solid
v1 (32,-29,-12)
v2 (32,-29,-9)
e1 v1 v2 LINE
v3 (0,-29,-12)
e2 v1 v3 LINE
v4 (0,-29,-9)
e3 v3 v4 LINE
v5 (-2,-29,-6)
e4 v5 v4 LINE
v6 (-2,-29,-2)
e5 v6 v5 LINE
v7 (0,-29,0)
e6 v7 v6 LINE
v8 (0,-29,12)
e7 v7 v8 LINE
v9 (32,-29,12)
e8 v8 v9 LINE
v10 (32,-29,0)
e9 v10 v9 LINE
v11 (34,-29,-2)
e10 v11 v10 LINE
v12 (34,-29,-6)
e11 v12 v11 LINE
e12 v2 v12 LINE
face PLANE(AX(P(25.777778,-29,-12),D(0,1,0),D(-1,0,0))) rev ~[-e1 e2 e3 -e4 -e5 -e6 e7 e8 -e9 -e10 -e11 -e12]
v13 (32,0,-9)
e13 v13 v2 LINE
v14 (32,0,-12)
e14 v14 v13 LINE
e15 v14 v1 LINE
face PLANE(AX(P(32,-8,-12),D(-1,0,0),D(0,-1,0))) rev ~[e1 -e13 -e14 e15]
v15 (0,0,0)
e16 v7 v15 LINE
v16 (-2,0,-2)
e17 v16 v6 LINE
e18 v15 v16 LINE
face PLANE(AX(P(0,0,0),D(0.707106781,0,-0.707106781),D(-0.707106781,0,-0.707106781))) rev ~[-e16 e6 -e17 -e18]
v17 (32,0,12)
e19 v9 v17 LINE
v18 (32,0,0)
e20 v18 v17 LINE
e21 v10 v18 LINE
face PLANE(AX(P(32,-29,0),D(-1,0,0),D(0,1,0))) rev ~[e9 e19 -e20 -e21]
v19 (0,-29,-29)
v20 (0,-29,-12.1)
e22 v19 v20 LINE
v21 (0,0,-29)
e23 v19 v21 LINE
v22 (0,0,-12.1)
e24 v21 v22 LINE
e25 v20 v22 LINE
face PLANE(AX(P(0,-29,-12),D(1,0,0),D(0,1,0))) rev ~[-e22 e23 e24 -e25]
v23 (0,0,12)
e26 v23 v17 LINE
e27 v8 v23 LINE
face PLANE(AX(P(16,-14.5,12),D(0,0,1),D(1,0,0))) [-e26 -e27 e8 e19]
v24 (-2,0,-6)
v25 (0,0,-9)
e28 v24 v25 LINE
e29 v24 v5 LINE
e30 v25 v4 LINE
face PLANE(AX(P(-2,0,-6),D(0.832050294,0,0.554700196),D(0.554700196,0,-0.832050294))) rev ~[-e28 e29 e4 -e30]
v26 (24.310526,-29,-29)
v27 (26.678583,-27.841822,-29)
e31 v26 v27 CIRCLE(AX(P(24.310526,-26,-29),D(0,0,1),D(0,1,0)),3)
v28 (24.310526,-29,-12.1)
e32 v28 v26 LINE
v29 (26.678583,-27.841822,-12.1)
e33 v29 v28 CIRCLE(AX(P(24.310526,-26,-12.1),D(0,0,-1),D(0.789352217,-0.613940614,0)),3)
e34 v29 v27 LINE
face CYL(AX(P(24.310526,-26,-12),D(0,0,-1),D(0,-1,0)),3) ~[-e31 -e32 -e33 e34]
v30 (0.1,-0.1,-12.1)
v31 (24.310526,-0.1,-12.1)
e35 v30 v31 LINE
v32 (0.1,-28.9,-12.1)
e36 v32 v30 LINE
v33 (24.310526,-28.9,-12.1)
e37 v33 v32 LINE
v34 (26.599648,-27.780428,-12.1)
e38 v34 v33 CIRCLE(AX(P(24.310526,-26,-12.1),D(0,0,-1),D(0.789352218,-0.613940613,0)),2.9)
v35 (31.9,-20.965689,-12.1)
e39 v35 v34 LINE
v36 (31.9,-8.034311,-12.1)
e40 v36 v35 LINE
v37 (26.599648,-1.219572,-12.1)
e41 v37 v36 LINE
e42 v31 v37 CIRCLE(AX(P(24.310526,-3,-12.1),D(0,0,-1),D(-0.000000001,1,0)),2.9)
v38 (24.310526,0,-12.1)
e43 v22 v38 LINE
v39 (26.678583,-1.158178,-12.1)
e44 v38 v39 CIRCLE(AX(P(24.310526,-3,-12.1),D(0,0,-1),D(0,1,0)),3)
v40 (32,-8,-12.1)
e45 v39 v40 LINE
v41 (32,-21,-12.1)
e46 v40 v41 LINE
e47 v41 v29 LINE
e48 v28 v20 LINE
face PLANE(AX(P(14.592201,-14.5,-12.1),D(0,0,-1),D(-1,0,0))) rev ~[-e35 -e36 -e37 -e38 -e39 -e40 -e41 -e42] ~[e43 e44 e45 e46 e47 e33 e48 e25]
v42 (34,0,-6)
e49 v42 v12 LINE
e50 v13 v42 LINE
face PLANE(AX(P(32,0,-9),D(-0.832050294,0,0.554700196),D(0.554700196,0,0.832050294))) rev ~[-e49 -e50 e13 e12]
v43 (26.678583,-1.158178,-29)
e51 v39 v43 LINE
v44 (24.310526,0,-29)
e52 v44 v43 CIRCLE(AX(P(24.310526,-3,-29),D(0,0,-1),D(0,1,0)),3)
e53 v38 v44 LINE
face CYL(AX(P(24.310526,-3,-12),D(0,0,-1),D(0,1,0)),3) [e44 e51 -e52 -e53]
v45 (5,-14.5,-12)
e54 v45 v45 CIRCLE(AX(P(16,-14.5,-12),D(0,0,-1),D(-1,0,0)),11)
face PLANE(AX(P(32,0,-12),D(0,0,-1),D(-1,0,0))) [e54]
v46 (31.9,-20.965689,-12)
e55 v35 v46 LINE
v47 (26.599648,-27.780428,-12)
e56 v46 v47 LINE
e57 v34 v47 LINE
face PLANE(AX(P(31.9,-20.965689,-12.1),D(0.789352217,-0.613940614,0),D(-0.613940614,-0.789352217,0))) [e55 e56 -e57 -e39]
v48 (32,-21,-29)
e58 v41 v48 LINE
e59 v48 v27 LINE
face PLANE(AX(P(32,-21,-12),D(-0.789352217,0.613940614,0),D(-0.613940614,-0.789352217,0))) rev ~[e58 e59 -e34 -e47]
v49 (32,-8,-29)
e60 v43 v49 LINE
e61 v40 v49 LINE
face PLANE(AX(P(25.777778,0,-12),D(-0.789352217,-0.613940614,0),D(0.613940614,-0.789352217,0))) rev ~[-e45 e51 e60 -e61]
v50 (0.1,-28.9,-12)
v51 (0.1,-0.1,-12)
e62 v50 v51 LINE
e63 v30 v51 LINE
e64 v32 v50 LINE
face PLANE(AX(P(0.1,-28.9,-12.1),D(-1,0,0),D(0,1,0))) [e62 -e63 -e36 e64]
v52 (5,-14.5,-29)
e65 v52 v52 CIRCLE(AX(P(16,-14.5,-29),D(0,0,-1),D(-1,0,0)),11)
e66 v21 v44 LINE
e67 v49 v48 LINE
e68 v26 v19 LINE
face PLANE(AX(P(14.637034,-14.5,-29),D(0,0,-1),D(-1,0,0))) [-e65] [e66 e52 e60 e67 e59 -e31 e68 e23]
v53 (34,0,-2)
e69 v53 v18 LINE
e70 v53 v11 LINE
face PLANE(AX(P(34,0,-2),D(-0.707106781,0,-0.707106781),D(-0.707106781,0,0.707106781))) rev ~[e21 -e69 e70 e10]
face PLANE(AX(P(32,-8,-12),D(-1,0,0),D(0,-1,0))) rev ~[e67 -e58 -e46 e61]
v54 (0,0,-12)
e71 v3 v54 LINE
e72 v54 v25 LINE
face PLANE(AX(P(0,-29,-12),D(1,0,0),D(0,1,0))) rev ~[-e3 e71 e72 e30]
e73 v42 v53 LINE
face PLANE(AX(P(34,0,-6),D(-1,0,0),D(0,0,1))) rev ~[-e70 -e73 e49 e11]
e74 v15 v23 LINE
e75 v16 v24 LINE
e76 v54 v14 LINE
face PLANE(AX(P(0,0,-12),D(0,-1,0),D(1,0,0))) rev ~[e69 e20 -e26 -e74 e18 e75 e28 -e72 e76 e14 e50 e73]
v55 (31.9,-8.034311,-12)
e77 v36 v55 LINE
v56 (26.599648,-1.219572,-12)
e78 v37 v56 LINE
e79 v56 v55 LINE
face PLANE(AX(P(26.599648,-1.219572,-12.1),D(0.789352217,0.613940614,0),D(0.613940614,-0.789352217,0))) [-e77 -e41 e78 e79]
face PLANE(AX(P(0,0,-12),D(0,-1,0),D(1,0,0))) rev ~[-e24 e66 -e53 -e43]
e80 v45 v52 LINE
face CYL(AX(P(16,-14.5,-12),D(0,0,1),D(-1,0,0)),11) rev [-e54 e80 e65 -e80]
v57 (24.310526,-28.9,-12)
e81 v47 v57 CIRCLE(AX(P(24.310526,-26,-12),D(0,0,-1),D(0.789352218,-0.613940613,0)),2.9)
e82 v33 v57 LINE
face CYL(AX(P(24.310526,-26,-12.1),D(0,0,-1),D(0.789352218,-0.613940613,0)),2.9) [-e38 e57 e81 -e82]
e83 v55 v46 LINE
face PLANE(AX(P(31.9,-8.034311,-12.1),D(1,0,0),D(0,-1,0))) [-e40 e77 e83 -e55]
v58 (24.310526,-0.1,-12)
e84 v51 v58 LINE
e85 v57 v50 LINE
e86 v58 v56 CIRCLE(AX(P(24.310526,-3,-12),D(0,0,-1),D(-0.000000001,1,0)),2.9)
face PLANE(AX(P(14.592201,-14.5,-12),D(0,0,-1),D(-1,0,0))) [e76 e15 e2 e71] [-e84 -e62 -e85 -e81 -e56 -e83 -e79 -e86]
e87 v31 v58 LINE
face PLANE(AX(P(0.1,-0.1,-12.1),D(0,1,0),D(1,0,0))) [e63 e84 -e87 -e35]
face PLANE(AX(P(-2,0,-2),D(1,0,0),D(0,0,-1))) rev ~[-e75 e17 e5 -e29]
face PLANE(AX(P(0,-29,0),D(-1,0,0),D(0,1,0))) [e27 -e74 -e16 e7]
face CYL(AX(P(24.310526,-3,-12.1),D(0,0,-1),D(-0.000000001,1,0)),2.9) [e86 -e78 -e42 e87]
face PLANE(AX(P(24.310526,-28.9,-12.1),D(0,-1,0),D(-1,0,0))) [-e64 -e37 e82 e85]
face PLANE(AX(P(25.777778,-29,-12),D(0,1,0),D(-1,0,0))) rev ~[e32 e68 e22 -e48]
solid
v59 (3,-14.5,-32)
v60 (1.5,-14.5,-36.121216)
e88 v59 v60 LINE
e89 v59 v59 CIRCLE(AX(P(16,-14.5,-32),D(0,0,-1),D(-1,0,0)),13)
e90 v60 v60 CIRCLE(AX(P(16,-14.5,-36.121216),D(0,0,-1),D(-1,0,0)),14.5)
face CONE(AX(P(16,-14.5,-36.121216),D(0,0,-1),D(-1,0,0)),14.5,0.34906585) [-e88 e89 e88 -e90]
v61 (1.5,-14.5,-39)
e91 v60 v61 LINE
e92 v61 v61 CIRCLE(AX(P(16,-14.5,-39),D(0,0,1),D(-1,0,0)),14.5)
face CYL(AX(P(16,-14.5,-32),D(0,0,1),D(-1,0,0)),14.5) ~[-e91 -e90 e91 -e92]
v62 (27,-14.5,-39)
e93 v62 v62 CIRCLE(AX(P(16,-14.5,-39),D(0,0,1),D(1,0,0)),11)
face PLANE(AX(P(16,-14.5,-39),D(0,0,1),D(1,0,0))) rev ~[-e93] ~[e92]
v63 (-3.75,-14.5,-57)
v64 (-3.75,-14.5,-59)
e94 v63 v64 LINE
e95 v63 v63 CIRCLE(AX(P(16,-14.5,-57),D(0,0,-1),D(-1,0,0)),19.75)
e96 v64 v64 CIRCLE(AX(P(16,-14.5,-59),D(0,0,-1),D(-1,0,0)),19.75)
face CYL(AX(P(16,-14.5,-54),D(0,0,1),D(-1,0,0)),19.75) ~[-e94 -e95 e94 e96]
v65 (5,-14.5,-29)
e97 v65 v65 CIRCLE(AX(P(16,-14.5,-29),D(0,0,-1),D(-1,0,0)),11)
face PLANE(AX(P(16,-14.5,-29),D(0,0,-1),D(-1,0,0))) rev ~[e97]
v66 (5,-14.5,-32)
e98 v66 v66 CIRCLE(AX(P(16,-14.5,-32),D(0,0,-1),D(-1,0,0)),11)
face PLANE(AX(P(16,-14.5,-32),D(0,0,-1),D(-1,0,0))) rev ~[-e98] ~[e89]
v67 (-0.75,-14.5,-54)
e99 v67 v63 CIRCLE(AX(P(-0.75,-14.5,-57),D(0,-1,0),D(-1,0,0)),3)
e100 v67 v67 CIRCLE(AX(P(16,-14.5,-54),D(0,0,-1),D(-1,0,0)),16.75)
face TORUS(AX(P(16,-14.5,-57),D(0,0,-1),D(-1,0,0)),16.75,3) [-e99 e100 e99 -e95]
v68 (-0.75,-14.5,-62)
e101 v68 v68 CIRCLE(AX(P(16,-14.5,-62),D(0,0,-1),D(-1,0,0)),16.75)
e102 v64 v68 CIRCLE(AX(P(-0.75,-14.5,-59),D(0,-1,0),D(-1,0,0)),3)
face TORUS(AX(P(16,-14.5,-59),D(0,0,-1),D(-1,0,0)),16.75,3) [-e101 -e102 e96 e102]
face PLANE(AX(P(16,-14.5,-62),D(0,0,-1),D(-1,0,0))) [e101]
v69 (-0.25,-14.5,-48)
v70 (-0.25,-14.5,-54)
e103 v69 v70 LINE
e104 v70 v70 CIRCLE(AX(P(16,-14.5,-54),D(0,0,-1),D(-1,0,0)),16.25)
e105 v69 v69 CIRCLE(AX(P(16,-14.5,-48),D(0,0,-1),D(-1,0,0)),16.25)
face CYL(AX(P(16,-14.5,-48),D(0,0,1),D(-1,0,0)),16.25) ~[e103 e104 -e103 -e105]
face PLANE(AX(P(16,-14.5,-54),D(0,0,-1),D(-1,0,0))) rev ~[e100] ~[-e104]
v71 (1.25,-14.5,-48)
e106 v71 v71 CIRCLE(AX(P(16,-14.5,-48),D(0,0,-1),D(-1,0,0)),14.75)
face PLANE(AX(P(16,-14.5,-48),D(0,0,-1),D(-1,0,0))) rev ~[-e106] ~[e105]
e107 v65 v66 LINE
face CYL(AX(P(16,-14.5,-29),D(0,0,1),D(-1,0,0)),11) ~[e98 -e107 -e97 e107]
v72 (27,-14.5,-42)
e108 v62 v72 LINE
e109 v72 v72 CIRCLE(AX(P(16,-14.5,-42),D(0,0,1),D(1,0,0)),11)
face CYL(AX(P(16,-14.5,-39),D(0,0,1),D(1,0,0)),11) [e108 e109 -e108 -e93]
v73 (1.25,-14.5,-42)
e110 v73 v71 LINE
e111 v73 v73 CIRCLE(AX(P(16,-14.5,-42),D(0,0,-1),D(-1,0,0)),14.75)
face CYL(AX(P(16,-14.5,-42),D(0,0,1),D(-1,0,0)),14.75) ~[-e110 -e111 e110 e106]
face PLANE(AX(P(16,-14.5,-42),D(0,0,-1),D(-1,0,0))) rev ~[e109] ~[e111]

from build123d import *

# Parameters (mm, degrees)
SKETCH_1_W          = 32
SKETCH_1_H          = 29
EXTRUDE_1_DEPTH     = 12
EXTRUDE_2_DEPTH     = 29
SKETCH_3_R          = 11
EXTRUDE_3_DEPTH     = 17
SKETCH_4_R          = 11
EXTRUDE_4_DEPTH     = 3
SKETCH_5_R          = 14.5
EXTRUDE_6_DEPTH     = 10
SKETCH_6_R          = 14.75
EXTRUDE_7_DEPTH     = 6
SKETCH_7_R          = 16.25
EXTRUDE_8_DEPTH     = 6
SKETCH_8_R          = 19.75
EXTRUDE_9_DEPTH     = 8
CUT_EXTRUDE_START   = 3
SKETCH_9_R          = 22.553802592
SKETCH_9_R_2        = 11
CUT_EXTRUDE_1_DEPTH = 3
CHAMFER_1_SIZE      = 1.5
CHAMFER_1_SIZE2     = 4.121216129
FILLET_1_R          = 3
FILLET_2_R          = 3
CUT_EXTRUDE_START_2 = 0.1
CUT_EXTRUDE_2_DEPTH = 0.1


with BuildPart() as part:
    # 草图1 → 凸台-拉伸1 (new body)
    with BuildSketch(Plane.XY):
        with Locations((16, -14.5)):
            Rectangle(SKETCH_1_W, SKETCH_1_H)
    extrude(amount=EXTRUDE_1_DEPTH)

    # 草图2 → 凸台-拉伸2 (add)
    with BuildSketch(Plane(origin=(0, 0, 0), x_dir=(1, 0, 0), z_dir=(0, 1, 0))):
        Polygon((0, 0), (-2, 2), (-2, 6), (0, 9), (0, 12), (29.3, 12), (32, 12), (32, 9), (34, 6), (34, 2), (32, 0), align=None)
    extrude(amount=-EXTRUDE_2_DEPTH)

    # 草图3 → 凸台-拉伸3 (add)
    with BuildSketch(Plane(origin=(0, 0, -12), x_dir=(-1, 0, 0), z_dir=(0, 0, -1))):
        Polygon((0, 0), (-25.777777778, 0), (-32, -8), (-32, -21), (-25.777777778, -29), (0, -29), align=None)
        with Locations((-16, -14.5)):
            Circle(SKETCH_3_R, mode=Mode.SUBTRACT)
    extrude(amount=EXTRUDE_3_DEPTH)

    # 圆角2
    fillet_2_edges = [part.edges().sort_by_distance(p)[0] for p in [
        (25.777777778, 0, -20.5),
        (25.777777778, -29, -20.5),
    ]]
    fillet(fillet_2_edges, radius=FILLET_2_R)

    # 草图10 → 切除-拉伸2 (cut)
    with BuildSketch(Plane(origin=(0, 0, -12), x_dir=(-1, 0, 0), z_dir=(0, 0, -1)).offset(CUT_EXTRUDE_START_2)):
        with BuildLine():
            Line((-32, -8), (-32, -21))
            Line((-32, -21), (-26.678583013, -27.841821841))
            ThreePointArc((-26.678583013, -27.841821841), (-25.628580699, -28.694945781), (-24.310526361, -29))
            Line((-24.310526361, -29), (0, -29))
            Line((0, -29), (0, 0))
            Line((0, 0), (-24.310526361, 0))
            ThreePointArc((-24.310526361, 0), (-25.628580699, -0.305054219), (-26.678583013, -1.158178159))
            Line((-26.678583013, -1.158178159), (-32, -8))
        make_face()
        with BuildLine():
            Line((-31.9, -8.034310775), (-31.9, -20.965689225))
            Line((-31.9, -20.965689225), (-26.599647791, -27.780427779))
            ThreePointArc((-26.599647791, -27.780427779), (-25.584645555, -28.605114255), (-24.310526361, -28.9))
            Line((-24.310526361, -28.9), (-0.1, -28.9))
            Line((-0.1, -28.9), (-0.1, -0.1))
            Line((-0.1, -0.1), (-24.310526361, -0.1))
            ThreePointArc((-24.310526361, -0.1), (-25.584645555, -0.394885745), (-26.599647791, -1.219572221))
            Line((-26.599647791, -1.219572221), (-31.9, -8.034310775))
        make_face(mode=Mode.SUBTRACT)
    extrude(amount=-CUT_EXTRUDE_2_DEPTH, mode=Mode.SUBTRACT)


with BuildPart() as body_2:
    # 草图4 → 凸台-拉伸4 (new body)
    with BuildSketch(Plane(origin=(0, 0, -29), x_dir=(-1, 0, 0), z_dir=(0, 0, -1))):
        with Locations((-16, -14.5)):
            Circle(SKETCH_4_R)
    extrude(amount=EXTRUDE_4_DEPTH)

    # 草图5 → 凸台-拉伸6 (add)
    with BuildSketch(Plane(origin=(0, 0, -32), x_dir=(-1, 0, 0), z_dir=(0, 0, -1))):
        with Locations((-16, -14.5)):
            Circle(SKETCH_5_R)
    extrude(amount=EXTRUDE_6_DEPTH)

    # 草图6 → 凸台-拉伸7 (add)
    with BuildSketch(Plane(origin=(0, 0, -42), x_dir=(-1, 0, 0), z_dir=(0, 0, -1))):
        with Locations((-16, -14.5)):
            Circle(SKETCH_6_R)
    extrude(amount=EXTRUDE_7_DEPTH)

    # 草图7 → 凸台-拉伸8 (add)
    with BuildSketch(Plane(origin=(0, 0, -48), x_dir=(-1, 0, 0), z_dir=(0, 0, -1))):
        with Locations((-16, -14.5)):
            Circle(SKETCH_7_R)
    extrude(amount=EXTRUDE_8_DEPTH)

    # 草图8 → 凸台-拉伸9 (add)
    with BuildSketch(Plane(origin=(0, 0, -54), x_dir=(-1, 0, 0), z_dir=(0, 0, -1))):
        with Locations((-16, -14.5)):
            Circle(SKETCH_8_R)
    extrude(amount=EXTRUDE_9_DEPTH)

    # 草图9 → 切除-拉伸1 (cut)
    with BuildSketch(Plane.XY.offset(-42).offset(CUT_EXTRUDE_START)):
        with Locations((16, -14.5)):
            Circle(SKETCH_9_R)
        with Locations((16, -14.5)):
            Circle(SKETCH_9_R_2, mode=Mode.SUBTRACT)
    extrude(amount=-CUT_EXTRUDE_1_DEPTH, mode=Mode.SUBTRACT)

    # 倒角1
    chamfer_1_edges = [body_2.edges().sort_by_distance(p)[0] for p in [
        (30.5, -14.5, -32),
    ]]
    chamfer_1_side = [body_2.faces().sort_by_distance(p)[0] for p in [
        (30.089878067, -14.5, -32),
    ]]
    chamfer(chamfer_1_edges, length=CHAMFER_1_SIZE, length2=CHAMFER_1_SIZE2, reference=chamfer_1_side[0])

    # 圆角1
    fillet_1_edges = [body_2.edges().sort_by_distance(p)[0] for p in [
        (35.75, -14.5, -54),
        (35.75, -14.5, -62),
    ]]
    fillet(fillet_1_edges, radius=FILLET_1_R)


solid = Compound([part.part, body_2.part])
